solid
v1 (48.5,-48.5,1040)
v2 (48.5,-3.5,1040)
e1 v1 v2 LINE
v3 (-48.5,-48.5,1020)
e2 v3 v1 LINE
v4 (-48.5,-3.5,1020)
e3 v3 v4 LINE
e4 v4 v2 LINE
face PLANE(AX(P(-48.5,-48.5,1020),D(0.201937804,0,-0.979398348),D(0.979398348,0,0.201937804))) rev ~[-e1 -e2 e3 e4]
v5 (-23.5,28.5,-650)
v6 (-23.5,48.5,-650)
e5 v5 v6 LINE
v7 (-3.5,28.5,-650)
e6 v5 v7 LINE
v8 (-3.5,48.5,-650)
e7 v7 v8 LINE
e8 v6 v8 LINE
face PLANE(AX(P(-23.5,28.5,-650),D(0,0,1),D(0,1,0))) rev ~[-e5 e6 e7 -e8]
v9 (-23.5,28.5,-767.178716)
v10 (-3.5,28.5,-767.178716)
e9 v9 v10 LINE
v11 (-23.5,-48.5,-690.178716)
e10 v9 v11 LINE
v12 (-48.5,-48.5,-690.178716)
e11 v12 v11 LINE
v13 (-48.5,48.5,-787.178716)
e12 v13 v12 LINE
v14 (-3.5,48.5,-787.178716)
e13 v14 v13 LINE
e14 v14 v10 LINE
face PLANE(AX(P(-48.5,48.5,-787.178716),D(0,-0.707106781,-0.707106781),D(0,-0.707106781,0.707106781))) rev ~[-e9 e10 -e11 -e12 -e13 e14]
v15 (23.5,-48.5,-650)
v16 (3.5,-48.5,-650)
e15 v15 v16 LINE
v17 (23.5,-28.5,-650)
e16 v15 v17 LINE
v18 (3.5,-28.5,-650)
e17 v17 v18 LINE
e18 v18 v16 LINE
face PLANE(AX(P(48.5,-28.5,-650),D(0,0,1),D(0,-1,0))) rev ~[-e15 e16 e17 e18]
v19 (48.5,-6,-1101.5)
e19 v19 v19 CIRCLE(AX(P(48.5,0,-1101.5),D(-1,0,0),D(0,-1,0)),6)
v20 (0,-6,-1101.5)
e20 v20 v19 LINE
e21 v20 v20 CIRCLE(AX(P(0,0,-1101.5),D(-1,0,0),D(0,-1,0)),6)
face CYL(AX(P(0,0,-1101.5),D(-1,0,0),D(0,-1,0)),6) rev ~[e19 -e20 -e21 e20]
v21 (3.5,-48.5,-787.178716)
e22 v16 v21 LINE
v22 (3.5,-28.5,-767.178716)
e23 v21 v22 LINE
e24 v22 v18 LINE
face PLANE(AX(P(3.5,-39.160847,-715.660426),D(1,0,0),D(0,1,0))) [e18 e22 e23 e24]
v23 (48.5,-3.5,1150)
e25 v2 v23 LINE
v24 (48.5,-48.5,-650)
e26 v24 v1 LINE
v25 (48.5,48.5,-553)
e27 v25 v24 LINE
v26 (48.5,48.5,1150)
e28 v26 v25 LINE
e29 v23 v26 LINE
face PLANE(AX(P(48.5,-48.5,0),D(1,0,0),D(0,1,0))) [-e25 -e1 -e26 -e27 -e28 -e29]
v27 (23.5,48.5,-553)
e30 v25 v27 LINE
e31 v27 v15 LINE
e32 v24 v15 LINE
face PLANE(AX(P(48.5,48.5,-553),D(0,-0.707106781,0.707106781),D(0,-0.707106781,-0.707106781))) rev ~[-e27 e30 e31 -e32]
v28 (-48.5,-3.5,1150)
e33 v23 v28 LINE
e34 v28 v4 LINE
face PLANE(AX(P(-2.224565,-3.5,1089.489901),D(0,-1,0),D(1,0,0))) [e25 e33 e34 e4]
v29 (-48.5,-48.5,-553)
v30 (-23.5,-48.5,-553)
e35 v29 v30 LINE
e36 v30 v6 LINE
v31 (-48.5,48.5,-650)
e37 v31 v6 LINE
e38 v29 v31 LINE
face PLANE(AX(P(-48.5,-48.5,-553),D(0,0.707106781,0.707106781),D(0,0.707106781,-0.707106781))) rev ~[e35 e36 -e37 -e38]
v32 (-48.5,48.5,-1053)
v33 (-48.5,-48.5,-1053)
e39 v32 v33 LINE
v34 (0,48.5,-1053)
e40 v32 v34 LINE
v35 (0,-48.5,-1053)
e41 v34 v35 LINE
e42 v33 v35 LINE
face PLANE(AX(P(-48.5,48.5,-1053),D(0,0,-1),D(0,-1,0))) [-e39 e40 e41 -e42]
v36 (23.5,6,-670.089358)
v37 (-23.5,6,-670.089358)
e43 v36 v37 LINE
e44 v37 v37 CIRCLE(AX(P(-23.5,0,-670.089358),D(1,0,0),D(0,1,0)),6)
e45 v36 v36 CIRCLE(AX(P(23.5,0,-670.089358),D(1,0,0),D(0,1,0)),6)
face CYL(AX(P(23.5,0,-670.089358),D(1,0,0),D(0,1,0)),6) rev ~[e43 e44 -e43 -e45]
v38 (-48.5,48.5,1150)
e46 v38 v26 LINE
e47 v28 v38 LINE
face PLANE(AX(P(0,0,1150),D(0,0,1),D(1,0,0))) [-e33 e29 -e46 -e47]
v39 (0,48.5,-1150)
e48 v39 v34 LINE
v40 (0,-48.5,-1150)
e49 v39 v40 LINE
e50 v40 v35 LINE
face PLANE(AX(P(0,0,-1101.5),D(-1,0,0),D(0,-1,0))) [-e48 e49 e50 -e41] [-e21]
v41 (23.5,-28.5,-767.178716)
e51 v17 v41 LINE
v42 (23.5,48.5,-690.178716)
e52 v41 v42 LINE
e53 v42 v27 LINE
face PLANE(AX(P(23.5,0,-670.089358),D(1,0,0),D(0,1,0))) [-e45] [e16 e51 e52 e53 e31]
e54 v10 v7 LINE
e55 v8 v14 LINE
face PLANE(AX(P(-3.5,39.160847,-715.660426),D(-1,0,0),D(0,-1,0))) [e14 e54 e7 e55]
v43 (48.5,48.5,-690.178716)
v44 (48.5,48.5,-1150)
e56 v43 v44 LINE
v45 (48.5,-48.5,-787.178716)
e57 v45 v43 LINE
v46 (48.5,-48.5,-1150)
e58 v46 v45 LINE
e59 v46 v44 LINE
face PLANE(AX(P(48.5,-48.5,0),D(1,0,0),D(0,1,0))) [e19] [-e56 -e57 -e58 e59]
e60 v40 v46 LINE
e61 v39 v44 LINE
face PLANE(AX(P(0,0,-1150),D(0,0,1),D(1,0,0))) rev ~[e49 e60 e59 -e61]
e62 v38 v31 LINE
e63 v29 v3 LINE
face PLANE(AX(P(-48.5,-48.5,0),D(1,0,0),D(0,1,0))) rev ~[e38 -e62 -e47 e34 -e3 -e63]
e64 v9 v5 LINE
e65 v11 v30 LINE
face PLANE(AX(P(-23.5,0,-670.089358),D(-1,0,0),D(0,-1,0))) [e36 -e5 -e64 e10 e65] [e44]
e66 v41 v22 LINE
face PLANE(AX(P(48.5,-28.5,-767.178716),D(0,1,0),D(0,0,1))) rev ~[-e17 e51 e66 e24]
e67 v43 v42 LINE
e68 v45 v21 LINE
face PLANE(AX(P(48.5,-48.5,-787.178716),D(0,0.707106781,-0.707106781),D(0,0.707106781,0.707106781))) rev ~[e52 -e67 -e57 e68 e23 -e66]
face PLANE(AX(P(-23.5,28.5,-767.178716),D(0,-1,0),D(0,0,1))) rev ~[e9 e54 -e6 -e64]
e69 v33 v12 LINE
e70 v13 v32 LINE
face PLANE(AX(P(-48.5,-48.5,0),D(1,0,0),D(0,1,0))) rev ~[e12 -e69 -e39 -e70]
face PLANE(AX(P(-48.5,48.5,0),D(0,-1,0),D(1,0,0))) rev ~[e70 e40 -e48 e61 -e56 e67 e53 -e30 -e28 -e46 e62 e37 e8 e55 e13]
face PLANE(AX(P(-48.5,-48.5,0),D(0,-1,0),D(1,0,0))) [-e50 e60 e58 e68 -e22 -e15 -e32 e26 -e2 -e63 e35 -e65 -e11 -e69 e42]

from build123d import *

# Parameters (mm, degrees)
F0_W      = 97
F0_H      = 97
F1_DEPTH  = 1150
F2_W      = 97
F2_H      = 97
F3_DEPTH  = 48.5
F5_DEPTH  = 45
F7_DEPTH  = 25
F9_DEPTH  = 25
F11_DEPTH = 20
F12_R     = 6
F13_DEPTH = 47
F14_R     = 6
F15_DEPTH = 48.5
F17_DEPTH = 45


with BuildPart() as f1:
    # F0 (on Top) → F1 (new body, symmetric)
    with BuildSketch(Plane.XY):
        Rectangle(F0_W, F0_H)
    extrude(amount=F1_DEPTH, both=True)

    # F2 (on face) → F3 (cut)
    with BuildSketch(Plane(origin=(-48.5, 0, 0), x_dir=(0, -1, 0), z_dir=(-1, 0, 0))):
        with Locations((0, -1101.5)):
            Rectangle(F2_W, F2_H)
    extrude(amount=-F3_DEPTH, mode=Mode.SUBTRACT)

    # F4 (on face) → F5 (cut)
    with BuildSketch(Plane.YZ.offset(48.5)):
        Polygon((-28.5, -650), (-48.5, -650), (-48.5, -787.178716), (-28.5, -767.178716), align=None)
    extrude(amount=-F5_DEPTH, mode=Mode.SUBTRACT)

    # F6 (on face) → F7 (cut)
    with BuildSketch(Plane(origin=(-48.5, 0, 0), x_dir=(0, -1, 0), z_dir=(-1, 0, 0))):
        Polygon((-48.5, -650), (-48.5, -787.178716), (48.5, -690.178716), (48.5, -553), align=None)
    extrude(amount=-F7_DEPTH, mode=Mode.SUBTRACT)

    # F8 (on face) → F9 (cut)
    with BuildSketch(Plane.YZ.offset(48.5)):
        Polygon((48.5, -690.178716), (48.5, -553), (-48.5, -650), (-48.5, -787.178716), align=None)
    extrude(amount=-F9_DEPTH, mode=Mode.SUBTRACT)

    # F10 (on face) → F11 (cut)
    with BuildSketch(Plane(origin=(-23.5, 0, 0), x_dir=(0, -1, 0), z_dir=(-1, 0, 0))):
        Polygon((-48.5, -650), (-48.5, -787.178716), (-28.5, -767.178716), (-28.5, -650), align=None)
    extrude(amount=-F11_DEPTH, mode=Mode.SUBTRACT)

    # F12 (on face) → F13 (cut, through all)
    with BuildSketch(Plane.YZ.offset(23.5)):
        with Locations((0, -670.089358)):
            Circle(F12_R)
    extrude(amount=-F13_DEPTH, mode=Mode.SUBTRACT)

    # F14 (on face) → F15 (cut, through all)
    with BuildSketch(Plane(origin=(0, 0, 0), x_dir=(0, -1, 0), z_dir=(-1, 0, 0))):
        with Locations((0, -1101.5)):
            Circle(F14_R)
    extrude(amount=-F15_DEPTH, mode=Mode.SUBTRACT)

    # F16 (on face) → F17 (cut)
    with BuildSketch(Plane.XZ.offset(48.5)):
        Polygon((48.5, 1150), (-48.5, 1150), (-48.5, 1020), (48.5, 1040), align=None)
    extrude(amount=-F17_DEPTH, mode=Mode.SUBTRACT)


solid = f1.part
